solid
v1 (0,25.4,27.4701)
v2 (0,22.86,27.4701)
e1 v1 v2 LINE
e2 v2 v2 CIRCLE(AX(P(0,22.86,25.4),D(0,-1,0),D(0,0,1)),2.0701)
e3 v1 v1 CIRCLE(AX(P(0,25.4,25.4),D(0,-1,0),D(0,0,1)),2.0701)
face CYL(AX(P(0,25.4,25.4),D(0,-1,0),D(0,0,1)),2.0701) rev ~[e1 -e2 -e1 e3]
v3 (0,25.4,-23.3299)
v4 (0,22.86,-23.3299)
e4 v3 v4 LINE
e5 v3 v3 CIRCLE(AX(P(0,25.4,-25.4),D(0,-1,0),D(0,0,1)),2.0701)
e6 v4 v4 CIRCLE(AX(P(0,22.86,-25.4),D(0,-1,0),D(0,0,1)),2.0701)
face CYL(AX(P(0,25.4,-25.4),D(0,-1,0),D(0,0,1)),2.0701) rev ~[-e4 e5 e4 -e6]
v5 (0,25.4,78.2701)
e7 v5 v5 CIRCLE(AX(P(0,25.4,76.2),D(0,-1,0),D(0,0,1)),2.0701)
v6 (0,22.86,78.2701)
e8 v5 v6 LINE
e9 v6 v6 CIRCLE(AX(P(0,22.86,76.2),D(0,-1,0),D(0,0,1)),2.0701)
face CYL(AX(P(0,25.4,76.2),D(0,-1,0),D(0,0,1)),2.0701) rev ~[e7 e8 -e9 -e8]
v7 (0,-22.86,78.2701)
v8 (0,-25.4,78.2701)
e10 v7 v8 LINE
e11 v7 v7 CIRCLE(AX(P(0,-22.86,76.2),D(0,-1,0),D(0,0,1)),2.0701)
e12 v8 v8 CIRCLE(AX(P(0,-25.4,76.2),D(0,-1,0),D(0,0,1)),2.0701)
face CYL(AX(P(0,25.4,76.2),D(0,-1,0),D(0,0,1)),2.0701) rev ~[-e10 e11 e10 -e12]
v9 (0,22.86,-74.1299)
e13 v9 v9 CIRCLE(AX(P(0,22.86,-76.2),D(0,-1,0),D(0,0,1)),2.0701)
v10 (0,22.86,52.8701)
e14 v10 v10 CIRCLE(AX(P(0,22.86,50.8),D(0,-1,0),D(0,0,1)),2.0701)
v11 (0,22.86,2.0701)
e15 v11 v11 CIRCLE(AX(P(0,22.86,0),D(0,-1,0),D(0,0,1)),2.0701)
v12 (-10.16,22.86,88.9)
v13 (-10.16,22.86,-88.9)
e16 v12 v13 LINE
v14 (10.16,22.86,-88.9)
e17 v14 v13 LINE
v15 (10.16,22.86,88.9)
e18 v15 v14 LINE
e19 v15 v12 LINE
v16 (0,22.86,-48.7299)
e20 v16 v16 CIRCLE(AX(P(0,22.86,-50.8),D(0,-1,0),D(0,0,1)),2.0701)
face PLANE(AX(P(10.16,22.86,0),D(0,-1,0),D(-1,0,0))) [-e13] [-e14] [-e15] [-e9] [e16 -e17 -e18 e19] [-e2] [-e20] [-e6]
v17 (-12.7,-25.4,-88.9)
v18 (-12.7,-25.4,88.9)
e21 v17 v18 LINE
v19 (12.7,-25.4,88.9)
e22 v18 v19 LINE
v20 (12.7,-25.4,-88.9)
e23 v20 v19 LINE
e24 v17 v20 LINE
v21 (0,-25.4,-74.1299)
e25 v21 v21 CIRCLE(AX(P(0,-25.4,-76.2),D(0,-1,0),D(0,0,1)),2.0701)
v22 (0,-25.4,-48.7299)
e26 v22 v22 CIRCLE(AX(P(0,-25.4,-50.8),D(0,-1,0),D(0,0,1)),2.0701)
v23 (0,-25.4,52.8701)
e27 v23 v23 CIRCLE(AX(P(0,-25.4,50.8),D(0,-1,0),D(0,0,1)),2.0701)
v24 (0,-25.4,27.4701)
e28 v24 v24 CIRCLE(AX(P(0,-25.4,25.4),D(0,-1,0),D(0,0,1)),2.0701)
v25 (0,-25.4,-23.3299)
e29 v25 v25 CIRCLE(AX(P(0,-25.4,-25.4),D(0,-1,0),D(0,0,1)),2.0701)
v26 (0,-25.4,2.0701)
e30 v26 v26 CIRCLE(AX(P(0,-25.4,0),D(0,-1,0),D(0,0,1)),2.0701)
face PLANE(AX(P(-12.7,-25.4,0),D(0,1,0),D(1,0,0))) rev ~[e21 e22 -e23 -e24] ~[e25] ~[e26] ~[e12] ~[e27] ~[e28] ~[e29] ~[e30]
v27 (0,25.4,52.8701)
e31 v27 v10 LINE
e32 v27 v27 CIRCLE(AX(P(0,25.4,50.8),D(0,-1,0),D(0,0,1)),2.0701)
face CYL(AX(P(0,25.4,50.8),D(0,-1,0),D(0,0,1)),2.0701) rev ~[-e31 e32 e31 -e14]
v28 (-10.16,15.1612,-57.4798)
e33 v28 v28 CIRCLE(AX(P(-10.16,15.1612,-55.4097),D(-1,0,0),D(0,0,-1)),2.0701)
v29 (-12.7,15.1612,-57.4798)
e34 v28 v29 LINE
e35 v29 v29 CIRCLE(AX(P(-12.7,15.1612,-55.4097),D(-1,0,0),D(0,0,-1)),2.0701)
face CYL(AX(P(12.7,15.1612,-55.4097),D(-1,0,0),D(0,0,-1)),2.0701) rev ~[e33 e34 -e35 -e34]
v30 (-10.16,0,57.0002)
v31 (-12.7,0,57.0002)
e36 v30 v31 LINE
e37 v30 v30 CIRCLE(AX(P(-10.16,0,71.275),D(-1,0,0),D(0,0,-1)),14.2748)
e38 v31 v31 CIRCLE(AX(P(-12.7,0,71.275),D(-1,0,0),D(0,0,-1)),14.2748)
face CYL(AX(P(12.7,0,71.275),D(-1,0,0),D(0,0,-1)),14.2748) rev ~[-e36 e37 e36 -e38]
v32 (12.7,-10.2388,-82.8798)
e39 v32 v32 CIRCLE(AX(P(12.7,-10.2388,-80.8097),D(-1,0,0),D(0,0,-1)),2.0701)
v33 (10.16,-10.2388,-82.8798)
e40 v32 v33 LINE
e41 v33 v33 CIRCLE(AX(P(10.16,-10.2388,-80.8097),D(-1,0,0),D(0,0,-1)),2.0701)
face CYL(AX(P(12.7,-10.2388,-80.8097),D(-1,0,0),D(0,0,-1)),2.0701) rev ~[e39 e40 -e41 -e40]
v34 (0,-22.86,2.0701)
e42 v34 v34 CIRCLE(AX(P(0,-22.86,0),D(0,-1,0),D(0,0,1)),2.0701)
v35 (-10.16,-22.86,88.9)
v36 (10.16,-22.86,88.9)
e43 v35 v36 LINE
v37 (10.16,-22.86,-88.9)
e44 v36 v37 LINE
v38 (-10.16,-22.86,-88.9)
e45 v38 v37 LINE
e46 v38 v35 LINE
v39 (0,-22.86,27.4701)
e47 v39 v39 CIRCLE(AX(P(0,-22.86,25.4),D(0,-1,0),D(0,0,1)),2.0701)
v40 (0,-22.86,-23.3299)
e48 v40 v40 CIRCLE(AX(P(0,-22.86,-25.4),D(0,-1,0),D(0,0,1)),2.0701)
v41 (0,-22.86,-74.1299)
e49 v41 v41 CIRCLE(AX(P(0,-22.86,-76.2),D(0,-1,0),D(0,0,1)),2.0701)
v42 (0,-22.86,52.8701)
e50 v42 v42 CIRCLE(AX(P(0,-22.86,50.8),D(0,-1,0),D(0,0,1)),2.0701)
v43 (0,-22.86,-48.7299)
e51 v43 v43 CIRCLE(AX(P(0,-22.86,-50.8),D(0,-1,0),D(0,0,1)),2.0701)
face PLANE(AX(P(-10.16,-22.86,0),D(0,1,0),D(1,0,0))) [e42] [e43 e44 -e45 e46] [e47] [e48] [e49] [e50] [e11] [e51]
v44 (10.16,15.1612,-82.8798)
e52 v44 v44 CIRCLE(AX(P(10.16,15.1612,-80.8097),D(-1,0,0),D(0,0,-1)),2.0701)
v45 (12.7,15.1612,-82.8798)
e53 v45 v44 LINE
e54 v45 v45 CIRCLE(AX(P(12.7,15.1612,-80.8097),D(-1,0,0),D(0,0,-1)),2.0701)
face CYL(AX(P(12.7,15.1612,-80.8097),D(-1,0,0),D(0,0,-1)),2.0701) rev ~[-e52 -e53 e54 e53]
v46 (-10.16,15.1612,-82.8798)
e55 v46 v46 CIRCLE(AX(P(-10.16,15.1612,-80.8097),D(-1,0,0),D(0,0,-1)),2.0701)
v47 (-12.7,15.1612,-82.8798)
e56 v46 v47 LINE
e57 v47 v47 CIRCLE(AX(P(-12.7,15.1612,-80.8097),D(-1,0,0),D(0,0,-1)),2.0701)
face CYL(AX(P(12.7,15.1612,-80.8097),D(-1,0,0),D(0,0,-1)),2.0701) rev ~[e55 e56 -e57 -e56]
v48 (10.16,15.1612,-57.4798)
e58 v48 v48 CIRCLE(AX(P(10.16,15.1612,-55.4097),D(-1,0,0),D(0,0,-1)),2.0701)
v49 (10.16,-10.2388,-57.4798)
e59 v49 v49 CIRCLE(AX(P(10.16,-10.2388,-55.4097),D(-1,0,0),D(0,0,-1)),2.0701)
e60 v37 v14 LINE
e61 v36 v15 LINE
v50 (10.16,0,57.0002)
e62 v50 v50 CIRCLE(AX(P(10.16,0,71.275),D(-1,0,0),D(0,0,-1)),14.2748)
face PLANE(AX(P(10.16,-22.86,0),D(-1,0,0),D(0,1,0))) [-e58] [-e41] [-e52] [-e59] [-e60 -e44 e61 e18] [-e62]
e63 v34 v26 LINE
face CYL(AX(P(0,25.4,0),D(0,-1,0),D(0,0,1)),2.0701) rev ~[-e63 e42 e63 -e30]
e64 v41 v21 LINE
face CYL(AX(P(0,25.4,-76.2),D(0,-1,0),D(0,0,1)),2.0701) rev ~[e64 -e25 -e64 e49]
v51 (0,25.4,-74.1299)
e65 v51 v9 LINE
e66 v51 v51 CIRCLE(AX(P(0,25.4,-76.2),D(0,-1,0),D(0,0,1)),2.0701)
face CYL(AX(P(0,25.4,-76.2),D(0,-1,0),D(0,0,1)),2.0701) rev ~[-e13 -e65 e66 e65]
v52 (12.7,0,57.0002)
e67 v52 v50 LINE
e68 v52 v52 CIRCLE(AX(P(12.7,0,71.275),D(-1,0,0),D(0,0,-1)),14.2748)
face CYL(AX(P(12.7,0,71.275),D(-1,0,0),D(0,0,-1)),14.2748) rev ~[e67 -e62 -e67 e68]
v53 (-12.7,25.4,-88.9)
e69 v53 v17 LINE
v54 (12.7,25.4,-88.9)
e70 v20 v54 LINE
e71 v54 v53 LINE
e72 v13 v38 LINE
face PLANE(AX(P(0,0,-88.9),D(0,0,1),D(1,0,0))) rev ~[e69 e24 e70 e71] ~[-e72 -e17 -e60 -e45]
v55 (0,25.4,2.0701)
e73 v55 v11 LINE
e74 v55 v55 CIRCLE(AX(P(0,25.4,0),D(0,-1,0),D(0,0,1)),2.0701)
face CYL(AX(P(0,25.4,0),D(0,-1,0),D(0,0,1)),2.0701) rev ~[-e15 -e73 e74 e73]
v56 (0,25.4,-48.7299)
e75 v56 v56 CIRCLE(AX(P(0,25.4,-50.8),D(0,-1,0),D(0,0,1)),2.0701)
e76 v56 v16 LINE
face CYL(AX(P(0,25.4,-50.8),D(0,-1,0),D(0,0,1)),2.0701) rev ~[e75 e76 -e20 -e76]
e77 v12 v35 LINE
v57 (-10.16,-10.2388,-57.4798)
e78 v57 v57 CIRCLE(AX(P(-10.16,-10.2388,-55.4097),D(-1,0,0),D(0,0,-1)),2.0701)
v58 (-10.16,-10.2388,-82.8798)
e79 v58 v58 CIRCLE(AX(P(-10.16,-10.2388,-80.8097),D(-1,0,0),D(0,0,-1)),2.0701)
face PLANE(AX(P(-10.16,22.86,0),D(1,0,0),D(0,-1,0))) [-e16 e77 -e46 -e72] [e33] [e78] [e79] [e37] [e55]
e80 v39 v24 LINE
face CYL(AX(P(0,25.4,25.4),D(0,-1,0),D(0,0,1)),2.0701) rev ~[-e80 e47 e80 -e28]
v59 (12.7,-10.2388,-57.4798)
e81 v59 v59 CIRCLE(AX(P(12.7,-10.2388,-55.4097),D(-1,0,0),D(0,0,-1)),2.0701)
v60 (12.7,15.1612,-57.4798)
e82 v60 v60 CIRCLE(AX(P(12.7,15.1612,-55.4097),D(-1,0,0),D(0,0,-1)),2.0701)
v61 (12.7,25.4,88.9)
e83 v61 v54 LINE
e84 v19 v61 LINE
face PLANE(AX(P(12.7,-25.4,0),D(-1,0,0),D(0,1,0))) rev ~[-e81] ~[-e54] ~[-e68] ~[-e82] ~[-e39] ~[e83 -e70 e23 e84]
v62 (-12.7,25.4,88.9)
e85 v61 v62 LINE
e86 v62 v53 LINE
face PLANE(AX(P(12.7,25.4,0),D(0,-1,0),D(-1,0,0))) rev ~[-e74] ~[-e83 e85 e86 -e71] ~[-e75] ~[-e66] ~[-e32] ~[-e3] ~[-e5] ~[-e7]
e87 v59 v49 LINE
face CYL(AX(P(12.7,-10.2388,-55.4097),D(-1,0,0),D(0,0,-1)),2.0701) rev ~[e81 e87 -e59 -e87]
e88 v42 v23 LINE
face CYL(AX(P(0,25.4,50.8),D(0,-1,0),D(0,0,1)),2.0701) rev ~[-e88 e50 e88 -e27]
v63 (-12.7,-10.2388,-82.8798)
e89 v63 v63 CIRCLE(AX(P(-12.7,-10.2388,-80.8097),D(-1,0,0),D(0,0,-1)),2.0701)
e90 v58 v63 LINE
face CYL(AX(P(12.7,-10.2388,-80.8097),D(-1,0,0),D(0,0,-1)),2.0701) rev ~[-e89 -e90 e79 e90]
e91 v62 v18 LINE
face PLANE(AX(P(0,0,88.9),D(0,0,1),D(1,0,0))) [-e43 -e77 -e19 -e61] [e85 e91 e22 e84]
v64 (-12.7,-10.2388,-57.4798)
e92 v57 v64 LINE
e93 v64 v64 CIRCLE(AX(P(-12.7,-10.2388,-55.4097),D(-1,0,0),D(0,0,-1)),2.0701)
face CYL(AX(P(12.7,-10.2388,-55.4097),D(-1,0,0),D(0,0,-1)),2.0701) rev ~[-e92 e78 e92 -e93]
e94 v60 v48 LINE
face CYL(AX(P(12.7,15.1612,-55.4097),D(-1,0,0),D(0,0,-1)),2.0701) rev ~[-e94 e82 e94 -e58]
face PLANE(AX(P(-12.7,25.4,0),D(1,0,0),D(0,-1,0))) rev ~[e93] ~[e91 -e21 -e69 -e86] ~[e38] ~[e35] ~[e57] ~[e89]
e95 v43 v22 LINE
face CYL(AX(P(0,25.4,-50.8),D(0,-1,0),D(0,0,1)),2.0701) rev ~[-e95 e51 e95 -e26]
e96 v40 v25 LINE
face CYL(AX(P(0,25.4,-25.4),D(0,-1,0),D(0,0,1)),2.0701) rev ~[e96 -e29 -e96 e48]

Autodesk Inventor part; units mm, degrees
ref_plane "YZ Plane" through (0, 0, 0) normal (1, 0, 0) x (0, 1, 0)
ref_plane "XZ Plane" through (0, 0, 0) normal (0, 1, 0) x (-1, 0, 0)
ref_plane "XY Plane" through (0, 0, 0) normal (0, 0, 1) x (1, 0, 0)
sketch "Sketch1" plane through (0, 0, 0) normal (0, 0, 1) x (1, 0, 0)
  line L0 (-12.7, -25.4) -> (12.7, -25.4)
  line L1 (12.7, -25.4) -> (12.7, 25.4)
  line L2 (12.7, 25.4) -> (-12.7, 25.4)
  line L3 (-12.7, 25.4) -> (-12.7, -25.4)
  line L4 (-12.7, -25.4) -> (12.7, 25.4) construction
  line L5 (12.7, -25.4) -> (-12.7, 25.4) construction
  line L6 (-10.16, -22.86) -> (10.16, -22.86)
  line L7 (10.16, -22.86) -> (10.16, 22.86)
  line L8 (10.16, 22.86) -> (-10.16, 22.86)
  line L9 (-10.16, 22.86) -> (-10.16, -22.86)
  line L10 (-10.16, -22.86) -> (10.16, 22.86) construction
  line L11 (10.16, -22.86) -> (-10.16, 22.86) construction
  point P0 (0, 0)
  dimension "d0" = 25.4
  dimension "d1" = 50.8
  dimension "d2" = 20.32
  dimension "d3" = 45.72
extrude "Extrusion1" add sketch "Sketch1" along normal mid plane 177.8
sketch "Sketch2" plane through (-12.7, 25.4, 88.9) normal (0, 1, 0) x (1, 0, 0)
  line L0 (25.4, 177.8) -> (25.4, 0) projected
  line L1 (25.4, 0) -> (0, 0) projected
  point P0 (12.7, 88.9)
  point P1 (12.7, 12.7)
  dimension "d6" = 12.7
  dimension "d7" = 12.7
hole "Hole1" at (0, 25.4, 76.2) direction (0, -1, 0) diameter 4.1402 end through all
pattern_linear "Rectangular Pattern1" count 7 spacing 25.4 along (0, 0, -1) of "Hole1"
sketch "Sketch3" plane through (12.7, -25.4, 88.9) normal (1, 0, 0) x (0, 0, -1)
  line L0 (0, 0) -> (0, 50.8) projected
  line L1 (177.8, 0) -> (0, 0) projected
  point P0 (88.9, 25.4)
  point P1 (17.625, 25.4)
  dimension "d18" = 17.625
  dimension "d19" = 25.4
hole "Hole2" at (12.7, 0, 71.275) direction (-1, 0, 0) diameter 28.5496 end through all
sketch "Sketch4" plane through (12.7, -25.4, 88.9) normal (1, 0, 0) x (0, 0, -1)
  point P0 (88.9, 25.4)
  point P1 (144.3097, 40.5612)
  point P2 (169.7097, 40.5612)
  point P3 (169.7097, 15.1612)
  point P4 (144.3097, 15.1612)
  dimension "d27" = 25.4
  dimension "d28" = 25.4
hole "Hole3" at (12.7, 15.1612, -55.4097) at (12.7, 15.1612, -80.8097) at (12.7, -10.2388, -80.8097) at (12.7, -10.2388, -55.4097) direction (-1, 0, 0) diameter 4.1402 end through all
properties part number "Horizontal_intake_hanger"
